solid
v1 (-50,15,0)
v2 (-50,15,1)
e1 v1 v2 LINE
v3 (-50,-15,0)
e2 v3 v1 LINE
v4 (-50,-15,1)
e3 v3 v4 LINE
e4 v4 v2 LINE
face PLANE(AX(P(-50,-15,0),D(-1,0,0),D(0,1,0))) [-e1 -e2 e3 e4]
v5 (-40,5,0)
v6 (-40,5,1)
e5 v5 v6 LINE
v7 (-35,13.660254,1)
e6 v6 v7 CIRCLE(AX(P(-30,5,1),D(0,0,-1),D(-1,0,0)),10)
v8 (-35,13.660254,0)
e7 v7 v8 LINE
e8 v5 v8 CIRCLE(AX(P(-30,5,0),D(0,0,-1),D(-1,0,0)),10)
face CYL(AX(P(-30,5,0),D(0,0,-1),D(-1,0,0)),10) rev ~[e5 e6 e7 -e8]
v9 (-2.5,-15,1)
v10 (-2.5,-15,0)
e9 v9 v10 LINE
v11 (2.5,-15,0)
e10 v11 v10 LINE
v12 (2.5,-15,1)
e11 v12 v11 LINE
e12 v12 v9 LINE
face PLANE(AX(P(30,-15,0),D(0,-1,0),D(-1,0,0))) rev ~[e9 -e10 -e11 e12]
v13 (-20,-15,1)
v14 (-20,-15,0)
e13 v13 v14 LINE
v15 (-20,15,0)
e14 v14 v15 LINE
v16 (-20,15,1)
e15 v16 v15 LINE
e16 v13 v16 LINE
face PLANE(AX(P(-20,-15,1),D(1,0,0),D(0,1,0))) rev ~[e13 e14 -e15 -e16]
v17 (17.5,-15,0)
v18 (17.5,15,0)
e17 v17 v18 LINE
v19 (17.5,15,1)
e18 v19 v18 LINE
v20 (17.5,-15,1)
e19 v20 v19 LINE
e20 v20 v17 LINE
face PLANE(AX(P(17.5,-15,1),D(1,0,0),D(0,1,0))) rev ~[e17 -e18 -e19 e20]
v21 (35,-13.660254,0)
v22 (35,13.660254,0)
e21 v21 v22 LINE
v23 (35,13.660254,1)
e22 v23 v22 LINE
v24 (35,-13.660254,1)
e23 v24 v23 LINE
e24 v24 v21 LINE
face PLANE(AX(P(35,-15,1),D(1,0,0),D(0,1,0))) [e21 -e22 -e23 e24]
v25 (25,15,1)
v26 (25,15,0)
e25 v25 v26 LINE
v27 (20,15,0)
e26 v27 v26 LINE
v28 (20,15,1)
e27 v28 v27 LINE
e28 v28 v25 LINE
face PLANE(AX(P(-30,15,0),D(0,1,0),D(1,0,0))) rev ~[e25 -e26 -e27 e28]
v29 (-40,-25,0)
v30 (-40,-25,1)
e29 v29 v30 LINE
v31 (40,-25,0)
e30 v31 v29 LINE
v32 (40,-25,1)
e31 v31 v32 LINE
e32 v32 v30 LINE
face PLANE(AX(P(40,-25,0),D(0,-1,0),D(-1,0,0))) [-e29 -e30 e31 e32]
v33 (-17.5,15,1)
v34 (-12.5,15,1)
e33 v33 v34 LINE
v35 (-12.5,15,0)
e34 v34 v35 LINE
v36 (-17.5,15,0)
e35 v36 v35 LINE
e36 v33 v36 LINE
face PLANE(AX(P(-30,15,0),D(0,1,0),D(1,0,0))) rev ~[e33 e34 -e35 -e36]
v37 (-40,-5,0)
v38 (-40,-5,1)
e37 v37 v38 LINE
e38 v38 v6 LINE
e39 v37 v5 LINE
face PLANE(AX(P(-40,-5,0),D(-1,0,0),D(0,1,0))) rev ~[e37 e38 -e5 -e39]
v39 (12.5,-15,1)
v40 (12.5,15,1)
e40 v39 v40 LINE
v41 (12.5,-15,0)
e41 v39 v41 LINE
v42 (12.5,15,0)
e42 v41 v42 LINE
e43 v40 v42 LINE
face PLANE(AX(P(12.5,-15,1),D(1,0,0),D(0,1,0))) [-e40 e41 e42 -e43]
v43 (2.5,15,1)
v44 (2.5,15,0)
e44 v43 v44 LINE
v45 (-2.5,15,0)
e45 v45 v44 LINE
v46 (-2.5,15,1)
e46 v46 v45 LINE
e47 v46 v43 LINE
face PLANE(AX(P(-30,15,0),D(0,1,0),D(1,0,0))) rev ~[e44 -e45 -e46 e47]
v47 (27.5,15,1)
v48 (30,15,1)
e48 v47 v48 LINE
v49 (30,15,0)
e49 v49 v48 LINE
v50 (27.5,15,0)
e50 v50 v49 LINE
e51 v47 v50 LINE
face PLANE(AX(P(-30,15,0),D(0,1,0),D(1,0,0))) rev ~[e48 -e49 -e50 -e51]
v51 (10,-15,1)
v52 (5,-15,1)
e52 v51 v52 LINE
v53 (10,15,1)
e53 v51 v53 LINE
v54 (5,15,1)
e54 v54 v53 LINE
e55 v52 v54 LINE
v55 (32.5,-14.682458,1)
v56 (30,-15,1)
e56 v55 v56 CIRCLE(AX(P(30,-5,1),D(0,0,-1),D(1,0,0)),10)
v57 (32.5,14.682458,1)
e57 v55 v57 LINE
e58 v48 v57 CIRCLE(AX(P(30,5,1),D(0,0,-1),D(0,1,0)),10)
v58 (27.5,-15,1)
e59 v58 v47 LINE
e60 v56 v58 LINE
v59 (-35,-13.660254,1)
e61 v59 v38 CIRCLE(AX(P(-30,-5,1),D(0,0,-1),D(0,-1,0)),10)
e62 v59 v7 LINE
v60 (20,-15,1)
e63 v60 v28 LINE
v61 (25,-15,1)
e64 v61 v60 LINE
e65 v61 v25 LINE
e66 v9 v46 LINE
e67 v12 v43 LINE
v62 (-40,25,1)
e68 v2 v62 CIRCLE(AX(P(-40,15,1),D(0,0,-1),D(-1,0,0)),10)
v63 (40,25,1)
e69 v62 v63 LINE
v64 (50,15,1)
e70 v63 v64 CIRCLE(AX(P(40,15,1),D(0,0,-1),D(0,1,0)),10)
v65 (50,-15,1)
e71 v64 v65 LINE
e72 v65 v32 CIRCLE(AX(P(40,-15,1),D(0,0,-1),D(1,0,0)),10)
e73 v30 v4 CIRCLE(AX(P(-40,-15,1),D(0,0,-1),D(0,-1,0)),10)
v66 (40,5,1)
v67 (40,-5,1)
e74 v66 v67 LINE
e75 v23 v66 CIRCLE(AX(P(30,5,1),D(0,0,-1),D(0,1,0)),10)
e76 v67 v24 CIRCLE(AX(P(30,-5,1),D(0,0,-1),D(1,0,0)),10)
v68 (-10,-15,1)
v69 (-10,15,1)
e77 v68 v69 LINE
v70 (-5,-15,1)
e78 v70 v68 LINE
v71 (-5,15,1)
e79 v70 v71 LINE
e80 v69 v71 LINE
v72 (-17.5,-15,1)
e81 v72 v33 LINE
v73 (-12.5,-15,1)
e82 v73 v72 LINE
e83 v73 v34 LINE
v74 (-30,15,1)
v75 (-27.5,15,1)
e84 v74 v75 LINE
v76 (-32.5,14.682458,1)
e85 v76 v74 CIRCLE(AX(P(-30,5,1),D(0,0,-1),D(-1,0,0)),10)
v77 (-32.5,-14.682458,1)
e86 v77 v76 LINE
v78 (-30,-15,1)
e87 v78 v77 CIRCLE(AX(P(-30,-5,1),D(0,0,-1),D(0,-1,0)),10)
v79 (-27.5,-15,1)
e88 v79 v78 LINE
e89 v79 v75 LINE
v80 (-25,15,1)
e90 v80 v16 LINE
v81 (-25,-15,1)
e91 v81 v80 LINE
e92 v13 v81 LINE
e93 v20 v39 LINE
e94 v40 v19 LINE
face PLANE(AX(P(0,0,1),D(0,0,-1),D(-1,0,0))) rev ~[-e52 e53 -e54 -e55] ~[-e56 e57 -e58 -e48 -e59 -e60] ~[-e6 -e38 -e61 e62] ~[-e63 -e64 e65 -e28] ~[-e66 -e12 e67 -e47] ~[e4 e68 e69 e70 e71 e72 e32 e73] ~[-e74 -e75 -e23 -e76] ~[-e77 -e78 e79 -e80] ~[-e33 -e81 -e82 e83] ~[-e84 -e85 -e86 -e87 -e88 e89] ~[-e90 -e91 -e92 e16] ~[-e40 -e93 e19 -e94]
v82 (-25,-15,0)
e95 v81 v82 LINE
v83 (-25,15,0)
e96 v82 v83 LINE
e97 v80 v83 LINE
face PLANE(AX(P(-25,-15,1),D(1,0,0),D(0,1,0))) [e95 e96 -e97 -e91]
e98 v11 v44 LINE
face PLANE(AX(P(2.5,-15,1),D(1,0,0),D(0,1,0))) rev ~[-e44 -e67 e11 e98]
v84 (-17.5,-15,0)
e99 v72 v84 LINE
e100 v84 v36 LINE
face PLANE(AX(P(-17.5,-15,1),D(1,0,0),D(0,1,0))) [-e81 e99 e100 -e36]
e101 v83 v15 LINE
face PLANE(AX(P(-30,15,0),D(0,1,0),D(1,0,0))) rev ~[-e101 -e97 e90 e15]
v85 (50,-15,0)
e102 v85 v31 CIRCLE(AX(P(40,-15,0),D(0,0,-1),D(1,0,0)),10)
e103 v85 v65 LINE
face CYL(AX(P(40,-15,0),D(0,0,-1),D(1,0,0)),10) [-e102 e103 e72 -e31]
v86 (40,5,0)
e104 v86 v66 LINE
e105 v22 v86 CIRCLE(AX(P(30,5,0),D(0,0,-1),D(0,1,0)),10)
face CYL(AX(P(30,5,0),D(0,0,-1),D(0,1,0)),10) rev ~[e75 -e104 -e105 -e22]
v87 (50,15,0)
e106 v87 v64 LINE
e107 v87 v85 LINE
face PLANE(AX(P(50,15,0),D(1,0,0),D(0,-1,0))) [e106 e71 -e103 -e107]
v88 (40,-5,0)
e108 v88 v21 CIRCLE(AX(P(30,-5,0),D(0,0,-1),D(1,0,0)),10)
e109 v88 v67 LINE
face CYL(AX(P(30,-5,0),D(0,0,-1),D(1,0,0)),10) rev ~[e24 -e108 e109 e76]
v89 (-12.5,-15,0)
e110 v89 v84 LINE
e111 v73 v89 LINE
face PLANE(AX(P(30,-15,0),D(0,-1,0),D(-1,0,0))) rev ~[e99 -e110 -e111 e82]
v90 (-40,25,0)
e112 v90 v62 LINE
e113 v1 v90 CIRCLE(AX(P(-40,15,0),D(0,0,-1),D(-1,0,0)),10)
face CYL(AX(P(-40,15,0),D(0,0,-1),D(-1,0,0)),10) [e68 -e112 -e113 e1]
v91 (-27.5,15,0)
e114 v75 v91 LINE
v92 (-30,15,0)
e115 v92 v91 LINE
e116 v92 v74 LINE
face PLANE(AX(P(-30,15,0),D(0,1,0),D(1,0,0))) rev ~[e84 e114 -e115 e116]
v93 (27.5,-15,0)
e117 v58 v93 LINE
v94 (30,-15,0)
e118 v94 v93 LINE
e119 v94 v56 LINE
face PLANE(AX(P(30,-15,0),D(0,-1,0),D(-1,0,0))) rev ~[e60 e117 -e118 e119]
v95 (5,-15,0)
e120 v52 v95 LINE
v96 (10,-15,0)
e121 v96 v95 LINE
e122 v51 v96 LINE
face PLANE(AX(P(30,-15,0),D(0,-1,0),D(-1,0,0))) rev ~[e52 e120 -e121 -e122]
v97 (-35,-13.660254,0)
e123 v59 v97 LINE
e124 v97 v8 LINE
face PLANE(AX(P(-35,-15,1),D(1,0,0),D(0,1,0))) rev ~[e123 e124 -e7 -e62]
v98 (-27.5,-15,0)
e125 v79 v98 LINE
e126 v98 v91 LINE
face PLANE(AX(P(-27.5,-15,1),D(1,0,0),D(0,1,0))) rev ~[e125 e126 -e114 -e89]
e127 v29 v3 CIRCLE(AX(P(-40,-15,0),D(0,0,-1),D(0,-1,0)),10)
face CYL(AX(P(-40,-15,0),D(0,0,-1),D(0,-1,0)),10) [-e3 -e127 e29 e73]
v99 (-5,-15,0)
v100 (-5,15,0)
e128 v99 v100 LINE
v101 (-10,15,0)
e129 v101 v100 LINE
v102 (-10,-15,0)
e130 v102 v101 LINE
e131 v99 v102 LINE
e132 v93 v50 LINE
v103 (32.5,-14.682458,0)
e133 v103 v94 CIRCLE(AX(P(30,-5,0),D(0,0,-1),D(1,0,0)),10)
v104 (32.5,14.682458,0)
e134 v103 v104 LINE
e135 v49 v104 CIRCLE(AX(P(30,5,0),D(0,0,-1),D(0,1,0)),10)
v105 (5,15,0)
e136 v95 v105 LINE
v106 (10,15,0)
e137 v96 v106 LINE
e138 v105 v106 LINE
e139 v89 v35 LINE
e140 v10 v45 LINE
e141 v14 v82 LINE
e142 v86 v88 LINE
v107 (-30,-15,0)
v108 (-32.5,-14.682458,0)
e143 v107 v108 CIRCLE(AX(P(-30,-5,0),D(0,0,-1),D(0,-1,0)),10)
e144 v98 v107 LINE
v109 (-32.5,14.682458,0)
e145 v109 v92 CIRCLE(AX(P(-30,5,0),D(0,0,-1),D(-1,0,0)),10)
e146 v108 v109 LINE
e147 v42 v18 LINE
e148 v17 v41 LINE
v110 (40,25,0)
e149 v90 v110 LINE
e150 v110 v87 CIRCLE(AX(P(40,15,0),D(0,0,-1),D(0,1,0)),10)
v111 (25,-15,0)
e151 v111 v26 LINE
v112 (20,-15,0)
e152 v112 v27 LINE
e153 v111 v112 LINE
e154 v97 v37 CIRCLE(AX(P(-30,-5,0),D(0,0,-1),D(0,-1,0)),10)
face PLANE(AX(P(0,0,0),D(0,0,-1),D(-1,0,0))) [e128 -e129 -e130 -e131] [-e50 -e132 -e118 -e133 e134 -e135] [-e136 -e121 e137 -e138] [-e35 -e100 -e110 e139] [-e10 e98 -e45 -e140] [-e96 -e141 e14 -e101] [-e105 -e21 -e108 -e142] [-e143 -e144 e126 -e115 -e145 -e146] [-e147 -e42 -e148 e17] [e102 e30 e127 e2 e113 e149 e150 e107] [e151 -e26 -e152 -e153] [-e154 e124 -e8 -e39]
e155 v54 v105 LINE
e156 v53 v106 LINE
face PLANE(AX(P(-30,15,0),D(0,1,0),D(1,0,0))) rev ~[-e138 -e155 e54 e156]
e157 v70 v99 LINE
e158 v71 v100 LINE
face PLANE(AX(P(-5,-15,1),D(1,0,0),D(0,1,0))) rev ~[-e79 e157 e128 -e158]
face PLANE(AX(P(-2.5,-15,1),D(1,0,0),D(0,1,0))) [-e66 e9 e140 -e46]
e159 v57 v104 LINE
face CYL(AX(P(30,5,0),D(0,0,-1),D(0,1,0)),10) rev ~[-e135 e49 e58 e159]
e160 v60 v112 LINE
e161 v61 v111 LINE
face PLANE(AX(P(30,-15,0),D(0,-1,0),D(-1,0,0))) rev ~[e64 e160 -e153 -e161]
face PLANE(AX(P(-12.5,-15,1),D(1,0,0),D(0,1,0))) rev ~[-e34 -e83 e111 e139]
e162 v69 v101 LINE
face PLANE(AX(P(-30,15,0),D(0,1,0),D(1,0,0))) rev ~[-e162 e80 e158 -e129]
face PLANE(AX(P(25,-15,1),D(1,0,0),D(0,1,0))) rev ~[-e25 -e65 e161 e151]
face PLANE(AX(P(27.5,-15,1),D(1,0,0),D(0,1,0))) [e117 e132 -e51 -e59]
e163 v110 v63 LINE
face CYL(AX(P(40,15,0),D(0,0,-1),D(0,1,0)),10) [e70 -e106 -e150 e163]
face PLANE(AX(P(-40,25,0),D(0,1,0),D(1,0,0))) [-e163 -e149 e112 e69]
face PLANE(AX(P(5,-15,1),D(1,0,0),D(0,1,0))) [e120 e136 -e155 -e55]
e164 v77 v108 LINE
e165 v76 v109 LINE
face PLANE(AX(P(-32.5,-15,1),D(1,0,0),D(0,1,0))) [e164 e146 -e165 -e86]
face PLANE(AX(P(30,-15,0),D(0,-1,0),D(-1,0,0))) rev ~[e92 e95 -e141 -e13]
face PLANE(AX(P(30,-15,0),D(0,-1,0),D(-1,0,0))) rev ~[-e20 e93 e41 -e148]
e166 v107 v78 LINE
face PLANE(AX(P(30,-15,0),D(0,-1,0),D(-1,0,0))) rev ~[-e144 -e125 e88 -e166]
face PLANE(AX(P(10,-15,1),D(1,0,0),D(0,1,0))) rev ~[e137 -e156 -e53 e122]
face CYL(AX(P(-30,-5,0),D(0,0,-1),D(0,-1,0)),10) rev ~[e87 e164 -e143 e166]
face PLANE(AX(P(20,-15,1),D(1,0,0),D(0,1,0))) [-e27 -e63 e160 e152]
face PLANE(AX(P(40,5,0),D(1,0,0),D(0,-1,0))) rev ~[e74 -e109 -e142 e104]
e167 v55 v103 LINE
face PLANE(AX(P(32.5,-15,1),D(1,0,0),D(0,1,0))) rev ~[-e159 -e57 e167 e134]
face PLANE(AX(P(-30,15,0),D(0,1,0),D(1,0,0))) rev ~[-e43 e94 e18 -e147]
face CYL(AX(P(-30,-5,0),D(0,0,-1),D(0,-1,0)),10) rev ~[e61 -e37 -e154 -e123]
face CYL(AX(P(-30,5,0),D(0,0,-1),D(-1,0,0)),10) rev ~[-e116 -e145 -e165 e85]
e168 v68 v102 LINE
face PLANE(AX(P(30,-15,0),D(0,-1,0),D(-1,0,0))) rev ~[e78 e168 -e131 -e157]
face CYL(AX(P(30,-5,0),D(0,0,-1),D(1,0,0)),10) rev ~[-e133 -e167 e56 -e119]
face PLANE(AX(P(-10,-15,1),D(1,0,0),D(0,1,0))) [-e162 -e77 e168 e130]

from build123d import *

# Parameters (mm, degrees)
BOSS_EXTRUDE1_DEPTH = 1
SKETCH3_W           = 2.5
SKETCH3_H           = 30
BOSS_EXTRUDE2_DEPTH = 1


with BuildPart() as part:
    # Sketch1 → Boss-Extrude1 (new body)
    with BuildSketch(Plane.XY):
        with BuildLine():
            Line((-40, 25), (40, 25))
            ThreePointArc((40, 25), (47.071067812, 22.071067812), (50, 15))
            Line((50, 15), (50, -15))
            ThreePointArc((50, -15), (47.071067812, -22.071067812), (40, -25))
            Line((40, -25), (-40, -25))
            ThreePointArc((-40, -25), (-47.071067812, -22.071067812), (-50, -15))
            Line((-50, -15), (-50, 15))
            ThreePointArc((-50, 15), (-47.071067812, 22.071067812), (-40, 25))
        make_face()
        with BuildLine():
            Line((-30, 15), (30, 15))
            ThreePointArc((30, 15), (37.071067812, 12.071067812), (40, 5))
            Line((40, 5), (40, -5))
            ThreePointArc((40, -5), (37.071067812, -12.071067812), (30, -15))
            Line((30, -15), (-30, -15))
            ThreePointArc((-30, -15), (-37.071067812, -12.071067812), (-40, -5))
            Line((-40, -5), (-40, 5))
            ThreePointArc((-40, 5), (-37.071067812, 12.071067812), (-30, 15))
        make_face(mode=Mode.SUBTRACT)
    extrude(amount=BOSS_EXTRUDE1_DEPTH)

    # Sketch3 → Boss-Extrude2 (add)
    with BuildSketch(Plane.XY.offset(1)):
        with Locations((-33.75, 0)):
            Rectangle(SKETCH3_W, SKETCH3_H)
        with Locations((-26.25, 0)):
            Rectangle(SKETCH3_W, SKETCH3_H)
        with Locations((-18.75, 0)):
            Rectangle(SKETCH3_W, SKETCH3_H)
        with Locations((-11.25, 0)):
            Rectangle(SKETCH3_W, SKETCH3_H)
        with Locations((-3.75, 0)):
            Rectangle(SKETCH3_W, SKETCH3_H)
        with Locations((3.75, 0)):
            Rectangle(SKETCH3_W, SKETCH3_H)
        with Locations((11.25, 0)):
            Rectangle(SKETCH3_W, SKETCH3_H)
        with Locations((18.75, 0)):
            Rectangle(SKETCH3_W, SKETCH3_H)
        with Locations((26.25, 0)):
            Rectangle(SKETCH3_W, SKETCH3_H)
        with Locations((33.75, 0)):
            Rectangle(SKETCH3_W, SKETCH3_H)
    extrude(amount=-BOSS_EXTRUDE2_DEPTH)


solid = part.part
